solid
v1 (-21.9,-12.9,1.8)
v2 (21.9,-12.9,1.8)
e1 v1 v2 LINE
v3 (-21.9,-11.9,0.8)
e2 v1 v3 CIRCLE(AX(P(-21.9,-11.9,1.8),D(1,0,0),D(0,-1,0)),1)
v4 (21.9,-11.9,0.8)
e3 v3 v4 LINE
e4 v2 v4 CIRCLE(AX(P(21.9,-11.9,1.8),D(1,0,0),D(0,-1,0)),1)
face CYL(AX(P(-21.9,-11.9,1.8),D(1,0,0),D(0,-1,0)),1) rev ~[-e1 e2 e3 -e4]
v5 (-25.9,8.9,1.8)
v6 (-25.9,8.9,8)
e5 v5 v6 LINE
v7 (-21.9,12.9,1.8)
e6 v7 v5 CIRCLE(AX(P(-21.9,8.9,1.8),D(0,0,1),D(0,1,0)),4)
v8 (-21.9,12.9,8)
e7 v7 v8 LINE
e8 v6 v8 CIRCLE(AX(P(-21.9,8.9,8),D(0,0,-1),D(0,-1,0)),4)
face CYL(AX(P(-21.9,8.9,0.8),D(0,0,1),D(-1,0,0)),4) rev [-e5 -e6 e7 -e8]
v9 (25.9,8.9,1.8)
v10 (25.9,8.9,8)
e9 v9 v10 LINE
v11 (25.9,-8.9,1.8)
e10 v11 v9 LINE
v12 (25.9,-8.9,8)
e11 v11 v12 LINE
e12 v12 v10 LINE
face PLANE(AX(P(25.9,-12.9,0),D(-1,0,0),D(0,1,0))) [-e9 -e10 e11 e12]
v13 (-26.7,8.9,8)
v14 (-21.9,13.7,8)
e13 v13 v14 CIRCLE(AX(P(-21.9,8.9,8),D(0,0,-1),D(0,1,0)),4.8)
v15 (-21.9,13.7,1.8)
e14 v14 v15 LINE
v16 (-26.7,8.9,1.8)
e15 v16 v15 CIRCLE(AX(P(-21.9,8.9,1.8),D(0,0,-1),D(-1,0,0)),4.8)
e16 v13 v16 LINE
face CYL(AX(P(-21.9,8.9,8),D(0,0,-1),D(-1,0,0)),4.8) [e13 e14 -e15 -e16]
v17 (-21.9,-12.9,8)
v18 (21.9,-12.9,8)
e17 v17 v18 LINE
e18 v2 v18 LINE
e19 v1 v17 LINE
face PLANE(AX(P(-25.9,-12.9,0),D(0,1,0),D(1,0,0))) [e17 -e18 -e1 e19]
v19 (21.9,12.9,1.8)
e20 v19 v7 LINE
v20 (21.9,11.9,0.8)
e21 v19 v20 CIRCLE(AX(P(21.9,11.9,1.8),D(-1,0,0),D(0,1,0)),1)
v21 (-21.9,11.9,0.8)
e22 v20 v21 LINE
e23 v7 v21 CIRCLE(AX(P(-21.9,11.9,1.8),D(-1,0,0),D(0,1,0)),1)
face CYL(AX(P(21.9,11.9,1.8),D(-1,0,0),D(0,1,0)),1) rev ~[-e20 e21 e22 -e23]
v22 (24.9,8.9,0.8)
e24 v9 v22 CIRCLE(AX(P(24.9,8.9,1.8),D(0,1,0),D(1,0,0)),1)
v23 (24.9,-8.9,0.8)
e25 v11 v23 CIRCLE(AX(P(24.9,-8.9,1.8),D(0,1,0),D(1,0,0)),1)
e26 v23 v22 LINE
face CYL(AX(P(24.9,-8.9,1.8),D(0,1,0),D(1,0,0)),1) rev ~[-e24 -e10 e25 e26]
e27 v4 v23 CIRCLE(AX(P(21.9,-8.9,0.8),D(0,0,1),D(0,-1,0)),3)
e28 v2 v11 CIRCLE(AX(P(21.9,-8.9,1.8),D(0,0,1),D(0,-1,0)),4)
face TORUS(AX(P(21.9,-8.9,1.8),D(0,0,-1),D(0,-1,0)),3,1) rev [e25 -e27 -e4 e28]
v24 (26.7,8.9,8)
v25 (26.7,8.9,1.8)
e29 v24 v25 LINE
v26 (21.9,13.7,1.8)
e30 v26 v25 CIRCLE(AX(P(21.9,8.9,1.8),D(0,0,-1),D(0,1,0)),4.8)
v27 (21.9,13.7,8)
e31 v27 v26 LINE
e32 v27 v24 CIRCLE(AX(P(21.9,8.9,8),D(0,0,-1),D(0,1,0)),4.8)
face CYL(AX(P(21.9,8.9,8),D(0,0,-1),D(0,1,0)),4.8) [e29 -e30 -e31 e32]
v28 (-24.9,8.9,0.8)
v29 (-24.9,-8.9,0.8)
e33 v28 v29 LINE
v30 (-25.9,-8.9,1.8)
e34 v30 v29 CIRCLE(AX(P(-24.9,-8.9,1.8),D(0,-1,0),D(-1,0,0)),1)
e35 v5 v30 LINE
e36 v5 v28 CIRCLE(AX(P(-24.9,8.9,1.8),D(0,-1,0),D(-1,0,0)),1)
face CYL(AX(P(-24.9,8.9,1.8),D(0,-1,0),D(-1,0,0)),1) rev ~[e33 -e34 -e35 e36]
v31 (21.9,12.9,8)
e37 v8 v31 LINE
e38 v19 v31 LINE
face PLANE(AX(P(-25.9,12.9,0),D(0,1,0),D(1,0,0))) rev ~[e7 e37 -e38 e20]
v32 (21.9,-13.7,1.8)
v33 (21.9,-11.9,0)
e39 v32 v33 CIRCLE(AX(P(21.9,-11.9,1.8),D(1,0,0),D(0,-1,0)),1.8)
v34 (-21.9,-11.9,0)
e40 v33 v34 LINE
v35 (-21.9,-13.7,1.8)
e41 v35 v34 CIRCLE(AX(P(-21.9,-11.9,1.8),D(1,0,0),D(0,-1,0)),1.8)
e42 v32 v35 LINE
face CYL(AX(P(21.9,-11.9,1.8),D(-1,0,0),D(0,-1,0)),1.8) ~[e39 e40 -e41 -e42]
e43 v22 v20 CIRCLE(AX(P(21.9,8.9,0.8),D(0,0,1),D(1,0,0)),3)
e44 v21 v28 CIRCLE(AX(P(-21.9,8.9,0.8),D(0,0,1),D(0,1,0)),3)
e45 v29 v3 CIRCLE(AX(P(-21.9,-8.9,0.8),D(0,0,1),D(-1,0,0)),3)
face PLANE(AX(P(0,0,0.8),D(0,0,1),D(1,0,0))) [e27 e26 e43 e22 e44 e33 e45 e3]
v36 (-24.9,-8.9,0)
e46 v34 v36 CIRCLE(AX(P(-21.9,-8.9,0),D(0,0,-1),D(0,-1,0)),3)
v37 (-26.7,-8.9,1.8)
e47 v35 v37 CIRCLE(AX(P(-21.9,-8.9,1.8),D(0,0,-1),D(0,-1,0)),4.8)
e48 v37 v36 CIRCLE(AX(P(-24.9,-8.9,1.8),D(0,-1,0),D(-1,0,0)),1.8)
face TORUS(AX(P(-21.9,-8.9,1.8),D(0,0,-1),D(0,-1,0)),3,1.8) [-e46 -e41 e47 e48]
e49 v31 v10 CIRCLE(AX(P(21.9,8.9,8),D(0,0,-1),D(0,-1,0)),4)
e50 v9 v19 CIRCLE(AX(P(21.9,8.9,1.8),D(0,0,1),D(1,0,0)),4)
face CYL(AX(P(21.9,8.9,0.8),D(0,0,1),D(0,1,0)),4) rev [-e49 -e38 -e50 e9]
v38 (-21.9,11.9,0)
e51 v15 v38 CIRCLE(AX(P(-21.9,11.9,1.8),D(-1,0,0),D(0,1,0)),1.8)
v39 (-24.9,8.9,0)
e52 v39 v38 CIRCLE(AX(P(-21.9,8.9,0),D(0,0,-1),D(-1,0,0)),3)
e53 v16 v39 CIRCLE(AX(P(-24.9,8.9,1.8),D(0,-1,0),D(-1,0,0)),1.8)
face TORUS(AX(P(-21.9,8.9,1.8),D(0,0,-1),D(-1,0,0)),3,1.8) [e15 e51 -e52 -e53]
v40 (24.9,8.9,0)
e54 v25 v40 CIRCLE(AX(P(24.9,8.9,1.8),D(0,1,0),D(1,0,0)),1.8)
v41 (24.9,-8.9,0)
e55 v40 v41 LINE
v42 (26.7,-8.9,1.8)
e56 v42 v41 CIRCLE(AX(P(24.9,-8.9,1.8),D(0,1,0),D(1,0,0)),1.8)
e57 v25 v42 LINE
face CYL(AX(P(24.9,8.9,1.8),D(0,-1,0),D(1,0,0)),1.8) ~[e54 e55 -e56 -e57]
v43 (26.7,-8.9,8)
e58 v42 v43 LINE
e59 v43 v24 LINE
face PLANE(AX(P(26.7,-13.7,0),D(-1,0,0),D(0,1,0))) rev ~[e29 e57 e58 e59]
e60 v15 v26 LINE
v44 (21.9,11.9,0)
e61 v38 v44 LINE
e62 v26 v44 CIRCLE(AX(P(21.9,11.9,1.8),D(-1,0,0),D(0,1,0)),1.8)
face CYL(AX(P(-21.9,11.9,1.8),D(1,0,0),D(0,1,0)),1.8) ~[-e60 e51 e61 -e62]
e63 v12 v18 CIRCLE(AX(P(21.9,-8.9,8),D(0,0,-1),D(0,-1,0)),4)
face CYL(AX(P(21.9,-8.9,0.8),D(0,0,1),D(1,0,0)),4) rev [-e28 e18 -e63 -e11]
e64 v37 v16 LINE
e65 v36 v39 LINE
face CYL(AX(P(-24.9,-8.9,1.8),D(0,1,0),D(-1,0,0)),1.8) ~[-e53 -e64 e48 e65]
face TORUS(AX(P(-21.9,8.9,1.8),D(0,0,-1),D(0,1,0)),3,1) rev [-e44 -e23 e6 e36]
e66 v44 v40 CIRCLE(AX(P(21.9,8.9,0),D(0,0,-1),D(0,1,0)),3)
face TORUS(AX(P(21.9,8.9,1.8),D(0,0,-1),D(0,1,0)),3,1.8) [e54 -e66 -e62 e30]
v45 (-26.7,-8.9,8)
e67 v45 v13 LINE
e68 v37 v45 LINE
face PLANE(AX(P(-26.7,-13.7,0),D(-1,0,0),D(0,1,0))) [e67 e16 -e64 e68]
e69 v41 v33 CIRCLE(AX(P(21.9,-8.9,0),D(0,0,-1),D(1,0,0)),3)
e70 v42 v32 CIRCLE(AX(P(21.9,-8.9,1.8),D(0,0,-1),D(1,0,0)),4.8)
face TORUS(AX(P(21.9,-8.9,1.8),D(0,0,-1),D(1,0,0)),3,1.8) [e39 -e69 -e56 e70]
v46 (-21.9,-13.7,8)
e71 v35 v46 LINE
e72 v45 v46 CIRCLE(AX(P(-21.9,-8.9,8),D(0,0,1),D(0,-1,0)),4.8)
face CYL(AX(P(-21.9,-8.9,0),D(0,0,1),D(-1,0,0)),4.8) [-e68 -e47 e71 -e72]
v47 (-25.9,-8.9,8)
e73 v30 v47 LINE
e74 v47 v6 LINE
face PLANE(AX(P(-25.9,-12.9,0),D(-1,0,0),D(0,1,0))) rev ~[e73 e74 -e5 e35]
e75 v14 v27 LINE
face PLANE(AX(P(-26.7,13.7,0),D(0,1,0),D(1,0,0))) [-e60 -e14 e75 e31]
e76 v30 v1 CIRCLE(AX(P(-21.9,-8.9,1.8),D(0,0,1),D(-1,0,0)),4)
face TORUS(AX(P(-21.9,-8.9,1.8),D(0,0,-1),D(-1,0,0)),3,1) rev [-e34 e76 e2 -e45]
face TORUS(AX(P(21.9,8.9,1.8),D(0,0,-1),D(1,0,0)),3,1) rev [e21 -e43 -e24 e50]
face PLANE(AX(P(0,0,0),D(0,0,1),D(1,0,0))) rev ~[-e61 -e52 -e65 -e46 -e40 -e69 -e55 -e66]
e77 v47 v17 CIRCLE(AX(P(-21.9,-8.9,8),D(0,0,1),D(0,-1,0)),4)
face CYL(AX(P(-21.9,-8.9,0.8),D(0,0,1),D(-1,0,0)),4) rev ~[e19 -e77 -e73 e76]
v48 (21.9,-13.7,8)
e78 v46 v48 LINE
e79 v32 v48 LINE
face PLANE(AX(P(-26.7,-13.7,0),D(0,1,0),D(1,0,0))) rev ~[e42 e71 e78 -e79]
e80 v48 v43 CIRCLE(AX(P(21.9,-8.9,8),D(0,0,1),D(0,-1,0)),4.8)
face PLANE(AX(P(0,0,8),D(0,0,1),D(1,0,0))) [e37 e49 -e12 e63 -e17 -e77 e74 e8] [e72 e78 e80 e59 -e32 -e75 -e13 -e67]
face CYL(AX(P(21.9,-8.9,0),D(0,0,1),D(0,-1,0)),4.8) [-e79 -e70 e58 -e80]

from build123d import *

# Parameters (mm, degrees)
F0_W     = 53.4
F0_H     = 27.4
F0_W_2   = 51.8
F0_H_2   = 25.8
F1_DEPTH = 0.8
F2_DEPTH = 8
F3_R     = 4
F4_R     = 4.8
F5_R     = 1
F6_R     = 1.8


with BuildPart() as f1:
    # F0 (on Top) → F1 (new body)
    with BuildSketch(Plane.XY):
        Rectangle(F0_W, F0_H)
        Rectangle(F0_W_2, F0_H_2, mode=Mode.SUBTRACT)
        Rectangle(F0_W_2, F0_H_2)
    extrude(amount=F1_DEPTH)

    # F0 (on Top) → F2 (join)
    with BuildSketch(Plane.XY):
        Rectangle(F0_W, F0_H)
        Rectangle(F0_W_2, F0_H_2, mode=Mode.SUBTRACT)
    extrude(amount=F2_DEPTH)

    # F3
    f3_edges = [f1.edges().sort_by_distance(p)[0] for p in [
        (-25.9, 12.9, 4.4),
        (25.9, 12.9, 4.4),
        (25.9, -12.9, 4.4),
        (-25.9, -12.9, 4.4),
    ]]
    fillet(f3_edges, radius=F3_R)

    # F4
    f4_edges = [f1.edges().sort_by_distance(p)[0] for p in [
        (26.7, 13.7, 4),
        (26.7, -13.7, 4),
        (-26.7, 13.7, 4),
        (-26.7, -13.7, 4),
    ]]
    fillet(f4_edges, radius=F4_R)

    # F5
    f5_edges = [f1.edges().sort_by_distance(p)[0] for p in [
        (0, 12.9, 0.8),
    ]]
    fillet(f5_edges, radius=F5_R)

    # F6
    f6_edges = [f1.edges().sort_by_distance(p)[0] for p in [
        (0, 13.7, 0),
    ]]
    fillet(f6_edges, radius=F6_R)


solid = f1.part
